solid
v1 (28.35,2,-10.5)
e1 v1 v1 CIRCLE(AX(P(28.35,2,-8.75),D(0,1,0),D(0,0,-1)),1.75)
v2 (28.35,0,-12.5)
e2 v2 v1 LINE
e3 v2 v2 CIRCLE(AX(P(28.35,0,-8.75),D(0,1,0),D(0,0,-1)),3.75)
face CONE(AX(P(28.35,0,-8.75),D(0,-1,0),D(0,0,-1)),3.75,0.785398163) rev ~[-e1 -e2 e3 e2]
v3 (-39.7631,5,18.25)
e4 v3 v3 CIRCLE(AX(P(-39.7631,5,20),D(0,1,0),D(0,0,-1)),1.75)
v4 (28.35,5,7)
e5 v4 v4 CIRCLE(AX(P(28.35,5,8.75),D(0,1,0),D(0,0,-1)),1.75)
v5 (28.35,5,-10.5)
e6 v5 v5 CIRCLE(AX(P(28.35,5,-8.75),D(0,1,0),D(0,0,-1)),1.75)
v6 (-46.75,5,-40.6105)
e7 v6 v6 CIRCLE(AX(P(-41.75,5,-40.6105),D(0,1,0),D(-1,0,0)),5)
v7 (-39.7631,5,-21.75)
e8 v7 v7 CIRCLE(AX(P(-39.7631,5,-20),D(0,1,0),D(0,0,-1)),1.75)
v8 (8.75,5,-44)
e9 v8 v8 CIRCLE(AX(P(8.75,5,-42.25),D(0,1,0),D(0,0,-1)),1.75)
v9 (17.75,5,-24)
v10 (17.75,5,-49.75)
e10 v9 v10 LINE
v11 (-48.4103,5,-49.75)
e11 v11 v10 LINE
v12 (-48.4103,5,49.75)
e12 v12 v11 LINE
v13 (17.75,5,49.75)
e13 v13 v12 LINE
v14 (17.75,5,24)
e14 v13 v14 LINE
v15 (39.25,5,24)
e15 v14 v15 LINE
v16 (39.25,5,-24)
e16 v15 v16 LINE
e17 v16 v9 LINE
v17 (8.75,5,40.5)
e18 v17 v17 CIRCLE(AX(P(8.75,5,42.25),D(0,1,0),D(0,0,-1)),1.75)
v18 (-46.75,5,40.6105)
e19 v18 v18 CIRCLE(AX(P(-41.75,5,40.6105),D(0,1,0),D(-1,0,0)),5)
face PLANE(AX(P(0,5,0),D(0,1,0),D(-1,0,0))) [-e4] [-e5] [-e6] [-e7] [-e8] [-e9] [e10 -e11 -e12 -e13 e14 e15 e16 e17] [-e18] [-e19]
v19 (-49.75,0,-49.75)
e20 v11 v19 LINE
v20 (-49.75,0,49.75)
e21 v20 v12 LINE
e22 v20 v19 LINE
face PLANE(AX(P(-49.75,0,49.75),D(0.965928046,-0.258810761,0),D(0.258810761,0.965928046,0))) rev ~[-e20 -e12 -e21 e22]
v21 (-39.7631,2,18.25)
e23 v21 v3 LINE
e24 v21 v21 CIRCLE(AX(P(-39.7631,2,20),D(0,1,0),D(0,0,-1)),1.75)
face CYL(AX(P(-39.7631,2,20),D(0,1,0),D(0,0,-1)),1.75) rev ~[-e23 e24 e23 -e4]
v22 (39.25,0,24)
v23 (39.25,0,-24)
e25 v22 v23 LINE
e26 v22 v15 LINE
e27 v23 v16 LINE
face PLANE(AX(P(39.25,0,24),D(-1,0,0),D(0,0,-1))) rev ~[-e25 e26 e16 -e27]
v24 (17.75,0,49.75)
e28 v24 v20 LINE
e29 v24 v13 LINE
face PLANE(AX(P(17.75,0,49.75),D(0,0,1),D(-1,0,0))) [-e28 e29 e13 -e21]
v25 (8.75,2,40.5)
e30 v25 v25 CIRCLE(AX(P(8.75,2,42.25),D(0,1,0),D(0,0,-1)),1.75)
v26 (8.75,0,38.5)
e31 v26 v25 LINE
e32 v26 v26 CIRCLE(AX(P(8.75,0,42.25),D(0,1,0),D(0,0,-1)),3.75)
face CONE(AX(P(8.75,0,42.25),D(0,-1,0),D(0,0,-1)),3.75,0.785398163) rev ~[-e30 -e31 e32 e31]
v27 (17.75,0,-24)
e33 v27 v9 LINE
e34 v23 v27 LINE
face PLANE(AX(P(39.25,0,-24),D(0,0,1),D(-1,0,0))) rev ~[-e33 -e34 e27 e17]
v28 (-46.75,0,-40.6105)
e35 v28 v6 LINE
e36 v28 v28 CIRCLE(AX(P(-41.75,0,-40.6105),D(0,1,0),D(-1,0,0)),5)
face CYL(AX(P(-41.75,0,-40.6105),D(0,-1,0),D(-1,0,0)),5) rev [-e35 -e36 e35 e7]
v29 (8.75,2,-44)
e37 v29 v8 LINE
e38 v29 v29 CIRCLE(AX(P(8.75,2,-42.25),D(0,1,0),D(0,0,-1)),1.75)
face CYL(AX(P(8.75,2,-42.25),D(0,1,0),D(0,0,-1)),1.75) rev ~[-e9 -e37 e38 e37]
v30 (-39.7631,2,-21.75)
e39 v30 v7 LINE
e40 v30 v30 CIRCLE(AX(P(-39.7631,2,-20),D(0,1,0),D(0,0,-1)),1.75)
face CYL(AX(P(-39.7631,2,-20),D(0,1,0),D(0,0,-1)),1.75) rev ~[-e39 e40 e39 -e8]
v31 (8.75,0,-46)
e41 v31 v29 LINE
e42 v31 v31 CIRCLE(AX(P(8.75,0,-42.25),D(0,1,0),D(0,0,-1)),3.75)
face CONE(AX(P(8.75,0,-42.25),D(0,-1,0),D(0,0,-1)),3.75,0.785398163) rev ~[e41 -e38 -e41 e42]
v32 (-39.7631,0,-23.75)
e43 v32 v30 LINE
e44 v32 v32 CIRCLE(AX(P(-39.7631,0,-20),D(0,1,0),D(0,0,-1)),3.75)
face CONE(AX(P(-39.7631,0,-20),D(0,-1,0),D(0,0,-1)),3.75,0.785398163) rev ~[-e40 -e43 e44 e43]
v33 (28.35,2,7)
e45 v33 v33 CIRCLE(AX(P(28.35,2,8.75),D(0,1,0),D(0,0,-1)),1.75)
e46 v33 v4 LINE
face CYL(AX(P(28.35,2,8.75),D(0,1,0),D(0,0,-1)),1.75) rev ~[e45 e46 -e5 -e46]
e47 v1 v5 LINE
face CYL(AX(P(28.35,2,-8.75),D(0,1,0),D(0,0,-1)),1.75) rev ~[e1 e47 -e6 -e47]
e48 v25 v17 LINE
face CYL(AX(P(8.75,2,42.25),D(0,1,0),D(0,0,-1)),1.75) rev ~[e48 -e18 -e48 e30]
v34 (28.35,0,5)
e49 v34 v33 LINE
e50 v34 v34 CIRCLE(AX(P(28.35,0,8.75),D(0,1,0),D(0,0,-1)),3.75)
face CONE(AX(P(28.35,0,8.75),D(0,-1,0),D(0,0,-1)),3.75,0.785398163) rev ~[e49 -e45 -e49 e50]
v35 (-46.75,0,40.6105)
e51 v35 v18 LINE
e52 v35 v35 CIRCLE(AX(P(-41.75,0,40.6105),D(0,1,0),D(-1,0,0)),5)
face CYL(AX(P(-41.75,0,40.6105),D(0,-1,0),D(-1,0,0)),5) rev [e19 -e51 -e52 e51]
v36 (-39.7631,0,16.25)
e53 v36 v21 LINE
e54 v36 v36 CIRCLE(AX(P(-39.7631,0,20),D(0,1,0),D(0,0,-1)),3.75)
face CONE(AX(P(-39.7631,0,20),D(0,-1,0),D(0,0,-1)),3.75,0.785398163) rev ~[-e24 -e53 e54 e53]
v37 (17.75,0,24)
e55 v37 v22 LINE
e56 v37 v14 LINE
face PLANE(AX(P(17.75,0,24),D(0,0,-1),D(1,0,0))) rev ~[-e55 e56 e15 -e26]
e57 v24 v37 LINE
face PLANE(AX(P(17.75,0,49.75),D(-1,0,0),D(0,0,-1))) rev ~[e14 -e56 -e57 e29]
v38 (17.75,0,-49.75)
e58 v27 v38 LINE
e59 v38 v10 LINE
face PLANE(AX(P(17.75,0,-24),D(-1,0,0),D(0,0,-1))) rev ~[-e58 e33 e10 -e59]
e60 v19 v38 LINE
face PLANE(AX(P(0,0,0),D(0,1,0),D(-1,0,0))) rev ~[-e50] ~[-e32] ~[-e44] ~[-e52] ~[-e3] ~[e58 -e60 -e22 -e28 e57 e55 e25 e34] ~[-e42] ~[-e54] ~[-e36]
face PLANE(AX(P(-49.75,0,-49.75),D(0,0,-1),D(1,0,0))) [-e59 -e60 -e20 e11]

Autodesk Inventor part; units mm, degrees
ref_plane "YZ Plane" through (0, 0, 0) normal (1, 0, 0) x (0, 1, 0)
ref_plane "XZ Plane" through (0, 0, 0) normal (0, 1, 0) x (-1, 0, 0)
ref_plane "XY Plane" through (0, 0, 0) normal (0, 0, 1) x (1, 0, 0)
sketch "Náčrt1" plane through (0, 0, 0) normal (0, 1, 0) x (-1, 0, 0)
  line L0 (-49.75, 49.75) -> (49.75, 49.75)
  line L1 (49.75, 49.75) -> (49.75, -49.75)
  line L2 (49.75, -49.75) -> (-49.75, -49.75)
  line L3 (-49.75, -49.75) -> (-49.75, 49.75)
  line L4 (-49.75, 49.75) -> (49.75, -49.75) construction
  line L5 (49.75, 49.75) -> (-49.75, -49.75) construction
  line L6 (-17.75, 49.75) -> (-17.75, 24)
  line L7 (-17.75, 24) -> (-49.75, 24)
  line L8 (-49.75, -24) -> (-17.75, -24)
  line L9 (-17.75, -24) -> (-17.75, -49.75)
  circle A0 centre (-28.35, -8.75) radius 1.75
  circle A1 centre (-28.35, 8.75) radius 1.75
  circle A2 centre (-8.75, -42.25) radius 1.75
  circle A3 centre (39.7631, -20) radius 1.75
  circle A4 centre (39.7631, 20) radius 1.75
  circle A5 centre (-8.75, 42.25) radius 1.75
  circle A6 centre (41.75, 40.6105) radius 5
  circle A7 centre (41.75, -40.6105) radius 5
  line L10 (41.75, 40.6105) -> (41.75, 49.75) construction
  line L11 (41.75, -40.6105) -> (41.75, -49.75) construction
  line L12 (39.7631, 20) -> (39.7631, 0) construction
  line L13 (39.7631, 0) -> (39.7631, -20) construction
  line L14 (-39.25, 24) -> (-39.25, -24)
  point P0 (0, 0)
  point P1 (-33.75, 24)
  dimension "d16" = 75
  dimension "d0" = 99.5
  dimension "d1" = 99.5
  dimension "d2" = 32
  dimension "d5" = 3.5
  dimension "d7" = 7.5
  dimension "d8" = 7.5
  dimension "d9" = 15.25
  dimension "d10" = 15.25
  dimension "d12" = 9
  dimension "d13" = 9.9869
  dimension "d26" = 81.221
  dimension "d27" = 10
  dimension "d28" = 8
  dimension "d31" = 40
  dimension "d32" = 48
  dimension "d33" = 10.5
  dimension "d37" = 21.4
extrude "Vysunutí1" add sketch "Náčrt1" along normal blind 5 contours L0 L1 L2 L9 L8 L14 L7 L6 | A0 | A1 | A2 | A3 | A4 | A5
sketch "Náčrt2" plane through (-49.75, 0, 49.75) normal (0, 0, 1) x (1, 0, 0)
  line L0 (0, 0) -> (67.5, 0) projected
  line L1 (0, 0) -> (1.3397, 5)
  line L2 (0, 5) -> (67.5, 5) projected
  line L3 (0, 0) -> (0, 5) projected
  line L4 (0, 5) -> (0, 0)
  point P0 (49.75, 0)
  point P1 (99.5, 0)
  point P2 (99.5, 5)
  dimension "d16" = 75
extrude "Vysunutí2" cut sketch "Náčrt2" against normal through all
hole "Díra1" at (28.35, 0, 8.75) at (28.35, 0, -8.75) at (8.75, 0, -42.25) at (-39.7631, 0, -20) at (-39.7631, 0, 20) at (8.75, 0, 42.25) direction (0, 1, 0) diameter 3.5 end through all countersink diameter 7.5 countersink angle 90
equation "\"d10\" = d9"
properties part number "new_plech" material "Stainless Steel"
